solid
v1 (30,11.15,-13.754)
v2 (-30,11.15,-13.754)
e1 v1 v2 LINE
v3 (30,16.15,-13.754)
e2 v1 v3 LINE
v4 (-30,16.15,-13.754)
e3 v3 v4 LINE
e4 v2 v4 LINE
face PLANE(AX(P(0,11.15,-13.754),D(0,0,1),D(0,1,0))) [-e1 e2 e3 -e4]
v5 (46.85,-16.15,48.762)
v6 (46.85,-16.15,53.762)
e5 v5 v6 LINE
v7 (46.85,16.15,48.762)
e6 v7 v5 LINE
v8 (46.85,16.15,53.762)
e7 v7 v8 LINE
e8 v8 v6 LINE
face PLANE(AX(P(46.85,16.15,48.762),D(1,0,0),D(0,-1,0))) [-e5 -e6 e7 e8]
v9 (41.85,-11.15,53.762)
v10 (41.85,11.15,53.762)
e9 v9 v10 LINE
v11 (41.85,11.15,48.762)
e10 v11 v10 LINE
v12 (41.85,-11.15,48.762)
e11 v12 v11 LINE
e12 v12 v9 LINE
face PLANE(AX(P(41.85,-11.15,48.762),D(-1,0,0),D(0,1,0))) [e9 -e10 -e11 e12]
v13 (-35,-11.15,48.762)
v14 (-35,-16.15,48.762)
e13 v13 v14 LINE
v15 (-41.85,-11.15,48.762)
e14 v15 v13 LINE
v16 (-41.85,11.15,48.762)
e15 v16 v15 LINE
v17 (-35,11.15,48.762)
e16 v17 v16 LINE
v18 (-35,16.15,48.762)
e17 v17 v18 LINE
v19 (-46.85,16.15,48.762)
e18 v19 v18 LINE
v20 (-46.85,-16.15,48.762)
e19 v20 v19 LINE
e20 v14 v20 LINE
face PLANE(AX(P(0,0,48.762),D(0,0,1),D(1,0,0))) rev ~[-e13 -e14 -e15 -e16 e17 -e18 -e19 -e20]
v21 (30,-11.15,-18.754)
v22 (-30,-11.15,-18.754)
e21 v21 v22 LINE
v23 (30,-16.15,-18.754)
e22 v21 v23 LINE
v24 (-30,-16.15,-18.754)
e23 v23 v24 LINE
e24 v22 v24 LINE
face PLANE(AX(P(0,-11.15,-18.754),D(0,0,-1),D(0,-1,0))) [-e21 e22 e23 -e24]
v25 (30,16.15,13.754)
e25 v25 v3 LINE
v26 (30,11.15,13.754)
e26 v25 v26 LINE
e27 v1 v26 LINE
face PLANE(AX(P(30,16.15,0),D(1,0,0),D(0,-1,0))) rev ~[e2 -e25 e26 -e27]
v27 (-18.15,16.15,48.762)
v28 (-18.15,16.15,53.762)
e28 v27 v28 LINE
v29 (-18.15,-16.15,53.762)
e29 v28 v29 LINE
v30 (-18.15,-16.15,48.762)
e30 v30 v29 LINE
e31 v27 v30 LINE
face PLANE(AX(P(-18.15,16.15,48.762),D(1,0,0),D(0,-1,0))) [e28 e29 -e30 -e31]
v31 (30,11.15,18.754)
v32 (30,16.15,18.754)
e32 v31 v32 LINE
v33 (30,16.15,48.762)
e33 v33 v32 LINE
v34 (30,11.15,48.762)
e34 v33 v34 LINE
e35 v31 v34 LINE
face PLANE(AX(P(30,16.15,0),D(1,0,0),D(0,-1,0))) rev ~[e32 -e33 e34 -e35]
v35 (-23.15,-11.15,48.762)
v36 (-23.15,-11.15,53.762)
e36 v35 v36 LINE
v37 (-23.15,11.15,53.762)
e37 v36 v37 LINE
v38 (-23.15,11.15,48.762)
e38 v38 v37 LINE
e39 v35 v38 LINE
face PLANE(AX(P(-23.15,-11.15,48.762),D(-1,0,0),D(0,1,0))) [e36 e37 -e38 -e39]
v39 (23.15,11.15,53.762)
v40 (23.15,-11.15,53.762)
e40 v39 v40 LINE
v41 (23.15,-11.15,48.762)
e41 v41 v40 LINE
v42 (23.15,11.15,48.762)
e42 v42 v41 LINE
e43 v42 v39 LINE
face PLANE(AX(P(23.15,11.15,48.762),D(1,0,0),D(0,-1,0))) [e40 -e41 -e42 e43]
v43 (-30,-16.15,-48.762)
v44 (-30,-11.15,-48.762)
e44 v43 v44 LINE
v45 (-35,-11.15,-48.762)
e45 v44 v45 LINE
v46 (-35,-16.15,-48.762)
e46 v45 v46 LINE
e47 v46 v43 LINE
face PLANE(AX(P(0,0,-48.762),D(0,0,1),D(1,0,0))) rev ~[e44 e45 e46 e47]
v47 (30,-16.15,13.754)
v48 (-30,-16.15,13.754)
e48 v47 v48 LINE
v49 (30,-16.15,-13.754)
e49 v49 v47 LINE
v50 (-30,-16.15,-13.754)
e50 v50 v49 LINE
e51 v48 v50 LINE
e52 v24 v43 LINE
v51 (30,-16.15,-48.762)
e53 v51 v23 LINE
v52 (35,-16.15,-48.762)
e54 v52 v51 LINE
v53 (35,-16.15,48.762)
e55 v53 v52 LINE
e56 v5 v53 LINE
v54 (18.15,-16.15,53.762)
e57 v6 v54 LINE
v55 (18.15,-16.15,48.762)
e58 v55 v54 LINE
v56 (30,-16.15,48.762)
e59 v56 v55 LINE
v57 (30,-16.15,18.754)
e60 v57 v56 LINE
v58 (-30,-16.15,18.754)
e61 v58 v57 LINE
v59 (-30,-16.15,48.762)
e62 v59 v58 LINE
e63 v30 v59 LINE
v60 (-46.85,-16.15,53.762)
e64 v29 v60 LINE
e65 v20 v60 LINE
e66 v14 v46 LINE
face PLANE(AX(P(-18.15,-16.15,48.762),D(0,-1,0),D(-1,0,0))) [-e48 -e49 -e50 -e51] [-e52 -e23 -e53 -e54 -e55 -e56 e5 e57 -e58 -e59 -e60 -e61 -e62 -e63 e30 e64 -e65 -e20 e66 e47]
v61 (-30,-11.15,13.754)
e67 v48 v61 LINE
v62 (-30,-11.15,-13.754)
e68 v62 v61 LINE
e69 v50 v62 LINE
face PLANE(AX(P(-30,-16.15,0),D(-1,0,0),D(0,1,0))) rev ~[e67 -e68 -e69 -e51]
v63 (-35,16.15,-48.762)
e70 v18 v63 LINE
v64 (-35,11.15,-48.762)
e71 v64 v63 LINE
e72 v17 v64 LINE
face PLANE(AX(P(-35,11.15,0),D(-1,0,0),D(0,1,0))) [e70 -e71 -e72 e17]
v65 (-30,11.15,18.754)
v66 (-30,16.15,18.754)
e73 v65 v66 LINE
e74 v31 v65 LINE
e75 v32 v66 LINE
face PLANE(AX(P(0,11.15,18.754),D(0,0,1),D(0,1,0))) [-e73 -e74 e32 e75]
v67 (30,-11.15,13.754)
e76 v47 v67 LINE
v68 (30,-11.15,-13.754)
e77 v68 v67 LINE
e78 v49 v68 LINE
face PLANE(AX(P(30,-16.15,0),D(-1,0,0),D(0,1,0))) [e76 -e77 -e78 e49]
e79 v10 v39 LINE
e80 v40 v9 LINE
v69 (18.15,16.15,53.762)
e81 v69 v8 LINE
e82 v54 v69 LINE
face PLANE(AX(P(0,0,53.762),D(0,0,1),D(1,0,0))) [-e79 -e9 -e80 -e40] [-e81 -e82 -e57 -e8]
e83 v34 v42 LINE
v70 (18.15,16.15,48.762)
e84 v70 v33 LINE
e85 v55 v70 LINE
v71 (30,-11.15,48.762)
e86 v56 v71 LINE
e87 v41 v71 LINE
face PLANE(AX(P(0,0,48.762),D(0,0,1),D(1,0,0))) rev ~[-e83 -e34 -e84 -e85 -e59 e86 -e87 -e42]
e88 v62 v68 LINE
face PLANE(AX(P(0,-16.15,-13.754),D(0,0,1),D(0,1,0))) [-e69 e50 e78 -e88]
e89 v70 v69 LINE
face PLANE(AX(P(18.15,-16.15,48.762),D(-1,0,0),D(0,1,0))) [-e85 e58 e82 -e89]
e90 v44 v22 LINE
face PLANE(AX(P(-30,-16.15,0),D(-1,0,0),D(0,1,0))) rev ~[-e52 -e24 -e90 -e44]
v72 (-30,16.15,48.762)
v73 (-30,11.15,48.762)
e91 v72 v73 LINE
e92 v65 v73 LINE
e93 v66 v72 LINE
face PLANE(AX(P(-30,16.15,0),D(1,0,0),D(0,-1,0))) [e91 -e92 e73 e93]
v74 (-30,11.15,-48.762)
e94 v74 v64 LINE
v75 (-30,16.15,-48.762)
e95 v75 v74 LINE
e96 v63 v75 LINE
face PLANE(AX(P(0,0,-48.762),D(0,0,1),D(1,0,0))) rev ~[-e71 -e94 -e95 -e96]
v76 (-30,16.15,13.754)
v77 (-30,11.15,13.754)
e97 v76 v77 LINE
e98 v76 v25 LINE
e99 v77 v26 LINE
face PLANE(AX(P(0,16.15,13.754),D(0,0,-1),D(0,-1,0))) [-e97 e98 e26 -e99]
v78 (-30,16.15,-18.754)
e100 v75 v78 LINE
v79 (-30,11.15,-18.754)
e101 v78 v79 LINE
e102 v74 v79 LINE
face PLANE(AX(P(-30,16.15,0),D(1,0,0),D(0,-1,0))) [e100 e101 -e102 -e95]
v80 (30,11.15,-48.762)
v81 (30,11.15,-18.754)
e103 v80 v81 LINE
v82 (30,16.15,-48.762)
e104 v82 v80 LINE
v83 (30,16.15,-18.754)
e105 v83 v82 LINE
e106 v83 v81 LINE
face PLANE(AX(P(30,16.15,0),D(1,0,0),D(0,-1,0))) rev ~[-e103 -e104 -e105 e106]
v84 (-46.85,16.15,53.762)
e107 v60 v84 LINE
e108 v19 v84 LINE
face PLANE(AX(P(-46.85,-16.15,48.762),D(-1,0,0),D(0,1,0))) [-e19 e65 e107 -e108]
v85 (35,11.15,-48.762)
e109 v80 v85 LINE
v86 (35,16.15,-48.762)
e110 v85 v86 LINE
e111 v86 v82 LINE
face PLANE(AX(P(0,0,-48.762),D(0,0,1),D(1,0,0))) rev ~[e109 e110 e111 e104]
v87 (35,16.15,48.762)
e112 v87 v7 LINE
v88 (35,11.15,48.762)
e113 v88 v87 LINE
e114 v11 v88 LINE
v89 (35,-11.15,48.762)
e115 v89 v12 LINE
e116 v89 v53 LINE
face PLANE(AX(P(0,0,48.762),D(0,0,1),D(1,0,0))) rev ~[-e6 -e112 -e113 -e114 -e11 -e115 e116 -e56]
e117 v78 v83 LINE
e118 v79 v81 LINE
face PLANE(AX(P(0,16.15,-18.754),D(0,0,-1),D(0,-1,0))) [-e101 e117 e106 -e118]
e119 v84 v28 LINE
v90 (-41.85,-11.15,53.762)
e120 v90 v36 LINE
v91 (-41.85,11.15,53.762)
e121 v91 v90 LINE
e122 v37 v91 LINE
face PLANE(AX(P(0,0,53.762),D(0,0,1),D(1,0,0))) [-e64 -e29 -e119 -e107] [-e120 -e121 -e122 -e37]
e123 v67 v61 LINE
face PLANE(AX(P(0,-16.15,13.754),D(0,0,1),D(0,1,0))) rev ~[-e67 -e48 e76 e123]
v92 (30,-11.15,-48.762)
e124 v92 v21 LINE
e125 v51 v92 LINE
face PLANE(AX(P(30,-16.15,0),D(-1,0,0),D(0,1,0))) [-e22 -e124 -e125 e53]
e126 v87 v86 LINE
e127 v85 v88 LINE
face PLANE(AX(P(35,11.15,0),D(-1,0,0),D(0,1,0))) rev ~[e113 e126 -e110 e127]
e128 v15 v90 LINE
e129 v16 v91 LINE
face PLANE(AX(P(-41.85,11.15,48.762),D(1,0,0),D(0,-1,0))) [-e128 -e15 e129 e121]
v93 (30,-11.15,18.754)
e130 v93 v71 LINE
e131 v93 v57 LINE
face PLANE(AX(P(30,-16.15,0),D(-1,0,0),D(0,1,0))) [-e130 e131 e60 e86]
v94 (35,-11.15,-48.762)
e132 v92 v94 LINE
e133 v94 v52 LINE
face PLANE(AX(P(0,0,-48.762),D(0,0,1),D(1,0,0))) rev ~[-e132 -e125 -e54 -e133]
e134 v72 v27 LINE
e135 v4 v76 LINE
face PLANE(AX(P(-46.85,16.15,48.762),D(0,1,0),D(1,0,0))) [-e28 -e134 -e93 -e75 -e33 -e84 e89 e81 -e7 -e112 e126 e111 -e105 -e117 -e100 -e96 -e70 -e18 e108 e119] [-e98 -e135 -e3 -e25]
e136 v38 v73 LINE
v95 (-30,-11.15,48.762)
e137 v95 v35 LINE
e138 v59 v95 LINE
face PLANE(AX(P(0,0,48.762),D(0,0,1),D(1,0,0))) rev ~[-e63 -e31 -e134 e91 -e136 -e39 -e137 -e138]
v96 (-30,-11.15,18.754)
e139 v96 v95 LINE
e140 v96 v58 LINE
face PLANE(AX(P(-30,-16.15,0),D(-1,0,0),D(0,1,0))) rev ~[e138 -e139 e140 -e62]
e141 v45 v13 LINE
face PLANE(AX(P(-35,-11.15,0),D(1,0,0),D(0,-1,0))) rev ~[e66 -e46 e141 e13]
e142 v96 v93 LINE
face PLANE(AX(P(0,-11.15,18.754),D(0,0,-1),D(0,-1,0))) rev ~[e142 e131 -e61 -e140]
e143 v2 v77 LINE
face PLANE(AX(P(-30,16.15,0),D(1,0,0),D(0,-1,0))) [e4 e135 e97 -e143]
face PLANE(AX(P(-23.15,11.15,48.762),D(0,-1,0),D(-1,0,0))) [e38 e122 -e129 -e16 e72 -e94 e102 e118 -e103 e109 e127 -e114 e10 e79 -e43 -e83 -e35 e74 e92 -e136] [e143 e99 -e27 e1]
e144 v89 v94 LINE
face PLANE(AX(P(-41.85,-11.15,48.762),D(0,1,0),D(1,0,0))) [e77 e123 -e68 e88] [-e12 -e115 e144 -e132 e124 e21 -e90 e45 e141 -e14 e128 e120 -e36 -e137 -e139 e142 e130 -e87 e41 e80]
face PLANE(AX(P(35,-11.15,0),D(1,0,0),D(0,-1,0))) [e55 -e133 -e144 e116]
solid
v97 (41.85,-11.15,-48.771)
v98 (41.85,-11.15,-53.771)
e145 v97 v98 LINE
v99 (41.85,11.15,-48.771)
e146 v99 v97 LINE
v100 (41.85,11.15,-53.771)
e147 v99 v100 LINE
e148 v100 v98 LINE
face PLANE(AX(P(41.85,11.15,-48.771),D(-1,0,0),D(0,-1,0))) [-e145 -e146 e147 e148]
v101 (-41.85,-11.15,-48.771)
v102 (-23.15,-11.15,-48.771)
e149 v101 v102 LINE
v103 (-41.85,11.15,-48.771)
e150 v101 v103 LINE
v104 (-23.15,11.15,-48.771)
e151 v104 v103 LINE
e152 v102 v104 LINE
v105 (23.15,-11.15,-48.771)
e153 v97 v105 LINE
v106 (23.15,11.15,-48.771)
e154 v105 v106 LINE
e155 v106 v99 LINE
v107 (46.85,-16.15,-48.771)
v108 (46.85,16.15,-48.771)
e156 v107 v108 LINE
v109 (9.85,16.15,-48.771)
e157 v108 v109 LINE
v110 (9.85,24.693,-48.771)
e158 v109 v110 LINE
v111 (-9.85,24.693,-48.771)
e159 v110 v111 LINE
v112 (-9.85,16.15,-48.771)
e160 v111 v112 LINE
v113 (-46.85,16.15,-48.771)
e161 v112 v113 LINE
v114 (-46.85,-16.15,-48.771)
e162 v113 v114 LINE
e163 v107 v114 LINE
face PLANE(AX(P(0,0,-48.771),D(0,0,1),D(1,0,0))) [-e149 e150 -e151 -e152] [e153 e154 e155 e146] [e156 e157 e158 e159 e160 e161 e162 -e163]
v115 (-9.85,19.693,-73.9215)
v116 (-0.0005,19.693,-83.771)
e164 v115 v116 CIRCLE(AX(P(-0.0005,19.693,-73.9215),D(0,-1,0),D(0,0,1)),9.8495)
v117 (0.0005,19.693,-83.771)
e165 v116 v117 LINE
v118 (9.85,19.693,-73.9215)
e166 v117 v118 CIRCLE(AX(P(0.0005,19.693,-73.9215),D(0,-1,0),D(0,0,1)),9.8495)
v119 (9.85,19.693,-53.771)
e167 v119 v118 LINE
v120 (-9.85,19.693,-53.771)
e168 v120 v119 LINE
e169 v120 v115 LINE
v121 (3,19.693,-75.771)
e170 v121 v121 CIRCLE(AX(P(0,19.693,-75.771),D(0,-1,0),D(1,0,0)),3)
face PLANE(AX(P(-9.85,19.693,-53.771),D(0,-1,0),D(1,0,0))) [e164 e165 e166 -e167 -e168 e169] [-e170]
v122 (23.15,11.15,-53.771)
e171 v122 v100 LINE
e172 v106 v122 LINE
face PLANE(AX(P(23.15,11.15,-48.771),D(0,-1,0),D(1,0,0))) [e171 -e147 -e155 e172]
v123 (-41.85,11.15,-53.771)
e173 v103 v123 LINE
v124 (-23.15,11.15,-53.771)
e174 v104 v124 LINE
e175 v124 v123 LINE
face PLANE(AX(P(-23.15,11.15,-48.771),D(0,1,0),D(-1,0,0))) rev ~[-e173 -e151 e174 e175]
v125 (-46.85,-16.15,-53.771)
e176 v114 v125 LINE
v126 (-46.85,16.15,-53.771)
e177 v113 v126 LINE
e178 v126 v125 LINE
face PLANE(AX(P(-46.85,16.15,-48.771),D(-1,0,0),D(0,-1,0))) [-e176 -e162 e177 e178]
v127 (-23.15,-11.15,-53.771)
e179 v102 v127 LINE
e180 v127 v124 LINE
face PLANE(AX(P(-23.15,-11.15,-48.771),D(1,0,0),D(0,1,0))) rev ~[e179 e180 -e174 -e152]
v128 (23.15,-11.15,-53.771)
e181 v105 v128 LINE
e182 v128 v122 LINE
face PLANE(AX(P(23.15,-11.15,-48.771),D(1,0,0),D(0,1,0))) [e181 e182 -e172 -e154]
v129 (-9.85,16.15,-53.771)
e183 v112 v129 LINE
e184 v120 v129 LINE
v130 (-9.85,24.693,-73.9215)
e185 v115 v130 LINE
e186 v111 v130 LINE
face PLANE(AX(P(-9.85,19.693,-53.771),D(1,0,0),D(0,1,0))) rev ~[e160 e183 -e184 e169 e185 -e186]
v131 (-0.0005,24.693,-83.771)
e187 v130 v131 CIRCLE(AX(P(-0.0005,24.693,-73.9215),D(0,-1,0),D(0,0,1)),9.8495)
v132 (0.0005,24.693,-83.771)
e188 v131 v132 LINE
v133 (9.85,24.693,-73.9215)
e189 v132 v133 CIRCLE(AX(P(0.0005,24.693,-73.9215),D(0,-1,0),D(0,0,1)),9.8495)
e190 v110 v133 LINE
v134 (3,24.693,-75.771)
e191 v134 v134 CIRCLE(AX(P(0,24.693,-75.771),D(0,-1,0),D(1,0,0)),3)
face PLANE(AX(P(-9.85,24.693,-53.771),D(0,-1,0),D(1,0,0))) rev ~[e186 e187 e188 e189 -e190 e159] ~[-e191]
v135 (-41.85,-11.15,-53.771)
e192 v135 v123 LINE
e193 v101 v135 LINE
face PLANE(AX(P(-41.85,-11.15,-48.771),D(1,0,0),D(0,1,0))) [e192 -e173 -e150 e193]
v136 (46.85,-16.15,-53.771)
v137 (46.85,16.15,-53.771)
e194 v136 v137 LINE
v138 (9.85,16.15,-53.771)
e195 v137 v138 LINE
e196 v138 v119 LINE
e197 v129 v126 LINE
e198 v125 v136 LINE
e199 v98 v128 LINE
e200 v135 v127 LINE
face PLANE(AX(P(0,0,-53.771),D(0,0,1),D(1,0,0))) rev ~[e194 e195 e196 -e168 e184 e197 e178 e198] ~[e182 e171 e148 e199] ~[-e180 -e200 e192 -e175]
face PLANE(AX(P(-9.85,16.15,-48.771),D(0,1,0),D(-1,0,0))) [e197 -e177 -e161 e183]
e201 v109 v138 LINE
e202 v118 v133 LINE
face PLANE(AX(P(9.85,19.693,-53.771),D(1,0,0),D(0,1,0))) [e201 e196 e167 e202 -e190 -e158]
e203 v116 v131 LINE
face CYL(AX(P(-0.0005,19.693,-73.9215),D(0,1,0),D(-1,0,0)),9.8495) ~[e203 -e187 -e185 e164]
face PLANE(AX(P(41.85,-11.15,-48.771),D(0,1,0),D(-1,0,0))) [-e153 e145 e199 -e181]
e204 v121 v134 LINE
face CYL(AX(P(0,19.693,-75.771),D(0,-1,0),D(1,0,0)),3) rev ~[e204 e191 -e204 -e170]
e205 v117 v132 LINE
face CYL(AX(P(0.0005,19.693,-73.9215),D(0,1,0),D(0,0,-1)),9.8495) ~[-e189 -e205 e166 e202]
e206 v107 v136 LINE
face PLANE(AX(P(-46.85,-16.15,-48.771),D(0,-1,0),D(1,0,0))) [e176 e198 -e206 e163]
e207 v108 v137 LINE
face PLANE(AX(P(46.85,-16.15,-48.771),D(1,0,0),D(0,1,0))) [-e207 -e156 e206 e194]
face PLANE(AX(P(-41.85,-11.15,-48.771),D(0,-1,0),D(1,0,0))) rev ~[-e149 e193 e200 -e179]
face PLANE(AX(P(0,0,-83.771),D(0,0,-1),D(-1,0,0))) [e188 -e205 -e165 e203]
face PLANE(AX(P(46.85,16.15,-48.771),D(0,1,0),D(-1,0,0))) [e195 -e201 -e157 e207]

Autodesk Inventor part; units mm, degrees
ref_plane "YZ Plane" through (0, 0, 0) normal (1, 0, 0) x (0, 1, 0)
sketch "Sketch1" plane through (0, 0, 0) normal (0, 0, 1) x (1, 0, 0)
  line L0 (-30, 11.15) -> (30, 11.15) construction
  line L1 (30, 11.15) -> (30, -11.15) construction
  line L2 (30, -11.15) -> (-30, -11.15) construction
  line L3 (-30, -11.15) -> (-30, 11.15) construction
  line L4 (-30, 11.15) -> (30, -11.15) construction
  line L5 (30, 11.15) -> (-30, -11.15) construction
  line L6 (-30, 11.15) -> (-35, 11.15)
  line L7 (-35, 11.15) -> (-35, 16.15)
  line L8 (-35, 16.15) -> (-30, 16.15)
  line L9 (-30, 16.15) -> (-30, 11.15)
  line L10 (30, 11.15) -> (35, 11.15)
  line L11 (35, 11.15) -> (35, 16.15)
  line L12 (35, 16.15) -> (30, 16.15)
  line L13 (30, 16.15) -> (30, 11.15)
  line L14 (30, -11.15) -> (35, -11.15)
  line L15 (35, -11.15) -> (35, -16.15)
  line L16 (35, -16.15) -> (30, -16.15)
  line L17 (30, -16.15) -> (30, -11.15)
  line L18 (-30, -11.15) -> (-35, -11.15)
  line L19 (-35, -11.15) -> (-35, -16.15)
  line L20 (-35, -16.15) -> (-30, -16.15)
  line L21 (-30, -16.15) -> (-30, -11.15)
  point P0 (0, 0)
  dimension "d0" = 60
  dimension "d1" = 22.3
  dimension "d2" = 5
  dimension "d3" = 5
  dimension "d4" = 5
  dimension "d5" = 5
  dimension "d6" = 5
  dimension "d7" = 5
  dimension "d8" = 5
  dimension "d9" = 5
extrude "Extrusion1" add sketch "Sketch1" along normal mid plane 97.524
ref_plane "Work Plane1" through (0, 0, 48.762) normal (0, 0, 1) x (1, 0, 0)
sketch "Sketch2" plane through (0, 0, 48.762) normal (0, 0, 1) x (1, 0, 0)
  line L0 (0, 0) -> (-32.5, 0) construction
  line L1 (0, 0) -> (32.5, 0) construction
  line L2 (-46.85, 16.15) -> (-18.15, 16.15)
  line L3 (-18.15, 16.15) -> (-18.15, -16.15)
  line L4 (-18.15, -16.15) -> (-46.85, -16.15)
  line L5 (-46.85, -16.15) -> (-46.85, 16.15)
  line L6 (-46.85, 16.15) -> (-18.15, -16.15) construction
  line L7 (-18.15, 16.15) -> (-46.85, -16.15) construction
  line L8 (18.15, 16.15) -> (46.85, 16.15)
  line L9 (46.85, 16.15) -> (46.85, -16.15)
  line L10 (46.85, -16.15) -> (18.15, -16.15)
  line L11 (18.15, -16.15) -> (18.15, 16.15)
  line L12 (18.15, 16.15) -> (46.85, -16.15) construction
  line L13 (46.85, 16.15) -> (18.15, -16.15) construction
  line L14 (-23.15, 11.15) -> (-41.85, 11.15)
  line L15 (-41.85, 11.15) -> (-41.85, -11.15)
  line L16 (-41.85, -11.15) -> (-23.15, -11.15)
  line L17 (-23.15, -11.15) -> (-23.15, 11.15)
  line L18 (41.85, 11.15) -> (23.15, 11.15)
  line L19 (23.15, 11.15) -> (23.15, -11.15)
  line L20 (23.15, -11.15) -> (41.85, -11.15)
  line L21 (41.85, -11.15) -> (41.85, 11.15)
  dimension "d13" = 32.5
  dimension "d14" = 32.5
  dimension "d15" = 28.7
  dimension "d16" = 32.3
  dimension "d17" = 28.7
  dimension "d18" = 32.3
  dimension "d19" = 5
  dimension "d20" = 5
extrude "Extrusion2" add sketch "Sketch2" along normal blind 5
ref_plane "Work Plane2" through (0, 0, -48.771) normal (0, 0, 1) x (1, 0, 0)
sketch "Sketch4" plane through (0, 0, 0) normal (1, 0, 0) x (0, 1, 0)
  line L0 (11.15, -48.762) -> (11.15, 48.762) projected
  line L1 (11.15, 18.754) -> (16.15, 18.754)
  line L2 (16.15, 18.754) -> (16.15, 13.754)
  line L3 (16.15, 13.754) -> (11.15, 13.754)
  line L4 (11.15, 13.754) -> (11.15, 18.754)
  line L5 (-16.15, 48.762) -> (16.15, 48.762) projected
  line L6 (11.15, -13.754) -> (16.15, -13.754)
  line L7 (16.15, -13.754) -> (16.15, -18.754)
  line L8 (16.15, -18.754) -> (11.15, -18.754)
  line L9 (11.15, -18.754) -> (11.15, -13.754)
  line L10 (16.15, -48.762) -> (11.15, -48.762) projected
  line L11 (-11.15, 48.762) -> (-11.15, -48.762) projected
  line L12 (-11.15, 18.754) -> (-16.15, 18.754)
  line L13 (-16.15, 18.754) -> (-16.15, 13.754)
  line L14 (-16.15, 13.754) -> (-11.15, 13.754)
  line L15 (-11.15, 13.754) -> (-11.15, 18.754)
  line L16 (-11.15, -18.754) -> (-16.15, -18.754)
  line L17 (-16.15, -18.754) -> (-16.15, -13.754)
  line L18 (-16.15, -13.754) -> (-11.15, -13.754)
  line L19 (-11.15, -13.754) -> (-11.15, -18.754)
  line L20 (-11.15, -48.762) -> (-16.15, -48.762) projected
  point P0 (0, 0)
  dimension "d30" = 5
  dimension "d31" = 5
  dimension "d32" = 30.008
  dimension "d33" = 5
  dimension "d34" = 5
  dimension "d35" = 30.008
  dimension "d36" = 5
  dimension "d37" = 5
  dimension "d38" = 5
  dimension "d39" = 5
  dimension "d40" = 30.008
  dimension "d41" = 30.008
extrude "Extrusion4" add sketch "Sketch4" along normal mid plane 60
sketch "Sketch7" plane through (0, 0, -48.771) normal (0, 0, 1) x (1, 0, 0)
  line L0 (-46.85, -16.15) -> (-18.15, -16.15) projected
  line L1 (46.85, 16.15) -> (-46.85, 16.15)
  line L2 (-46.85, 16.15) -> (-46.85, -16.15)
  line L3 (-46.85, -16.15) -> (46.85, -16.15)
  line L4 (46.85, -16.15) -> (46.85, 16.15)
  line L5 (46.85, 16.15) -> (-46.85, -16.15) construction
  line L6 (-46.85, 16.15) -> (46.85, -16.15) construction
  line L7 (0, 0) -> (32.5, 0) construction
  line L8 (0, 0) -> (-32.5, 0) construction
  line L9 (41.85, -11.15) -> (23.15, -11.15) projected
  line L10 (23.15, 11.15) -> (41.85, 11.15)
  line L11 (41.85, 11.15) -> (41.85, -11.15)
  line L12 (41.85, -11.15) -> (23.15, -11.15)
  line L13 (23.15, -11.15) -> (23.15, 11.15)
  line L14 (23.15, 11.15) -> (41.85, -11.15) construction
  line L15 (41.85, 11.15) -> (23.15, -11.15) construction
  line L16 (-41.85, -11.15) -> (-41.85, 11.15) projected
  line L17 (-23.15, 11.15) -> (-41.85, 11.15)
  line L18 (-41.85, 11.15) -> (-41.85, -11.15)
  line L19 (-41.85, -11.15) -> (-23.15, -11.15)
  line L20 (-23.15, -11.15) -> (-23.15, 11.15)
  line L21 (-23.15, 11.15) -> (-41.85, -11.15) construction
  line L22 (-41.85, 11.15) -> (-23.15, -11.15) construction
  line L23 (0, 0) -> (0, 24.693) construction
  line L24 (0, 24.693) -> (9.85, 24.693) construction
  line L25 (9.85, 24.693) -> (-9.85, 24.693)
  line L26 (-9.85, 24.693) -> (-9.85, 16.15)
  line L27 (-9.85, 16.15) -> (9.85, 16.15)
  line L28 (9.85, 16.15) -> (9.85, 24.693)
  dimension "d61" = 32.5
  dimension "d62" = 32.5
  dimension "d63" = 24.693
  dimension "d64" = 9.85
  dimension "d65" = 19.7
extrude "Extrusion7" add sketch "Sketch7" against normal blind 5
sketch "Sketch8" plane through (0, 0, -53.771) normal (0, 0, -1) x (-1, 0, 0)
  line L0 (9.85, 24.693) -> (-9.85, 24.693) projected
  line L1 (9.85, 16.15) -> (9.85, 24.693) projected
  line L2 (-9.85, 24.693) -> (9.85, 24.693)
  line L3 (9.85, 24.693) -> (9.85, 19.693)
  line L4 (9.85, 19.693) -> (-9.85, 19.693)
  line L5 (-9.85, 19.693) -> (-9.85, 24.693)
  point P0 (0, 0)
  dimension "d68" = 5
extrude "Extrusion8" add sketch "Sketch8" along normal blind 30
fillet "Fillet2" radius 9.85 2 edges at (9.85, 22.193, -83.771) (-9.85, 22.193, -83.771)
sketch "Sketch9" plane through (-9.85, 19.693, -53.771) normal (0, -1, 0) x (1, 0, 0)
  line L0 (56.7, 0) -> (-37, 0) projected
  line L1 (9.85, 0) -> (9.85, -30) construction
  arc A0 (0, -20.15) -> (19.7, -20.15) centre (9.85, -20.15) ccw projected
  circle A1 centre (9.85, -22) radius 3
  point P0 (9.85, 53.771)
  dimension "d72" = 6
  dimension "d73" = 22
extrude "Extrusion9" cut sketch "Sketch9" against normal through all
properties part number "MHead"
